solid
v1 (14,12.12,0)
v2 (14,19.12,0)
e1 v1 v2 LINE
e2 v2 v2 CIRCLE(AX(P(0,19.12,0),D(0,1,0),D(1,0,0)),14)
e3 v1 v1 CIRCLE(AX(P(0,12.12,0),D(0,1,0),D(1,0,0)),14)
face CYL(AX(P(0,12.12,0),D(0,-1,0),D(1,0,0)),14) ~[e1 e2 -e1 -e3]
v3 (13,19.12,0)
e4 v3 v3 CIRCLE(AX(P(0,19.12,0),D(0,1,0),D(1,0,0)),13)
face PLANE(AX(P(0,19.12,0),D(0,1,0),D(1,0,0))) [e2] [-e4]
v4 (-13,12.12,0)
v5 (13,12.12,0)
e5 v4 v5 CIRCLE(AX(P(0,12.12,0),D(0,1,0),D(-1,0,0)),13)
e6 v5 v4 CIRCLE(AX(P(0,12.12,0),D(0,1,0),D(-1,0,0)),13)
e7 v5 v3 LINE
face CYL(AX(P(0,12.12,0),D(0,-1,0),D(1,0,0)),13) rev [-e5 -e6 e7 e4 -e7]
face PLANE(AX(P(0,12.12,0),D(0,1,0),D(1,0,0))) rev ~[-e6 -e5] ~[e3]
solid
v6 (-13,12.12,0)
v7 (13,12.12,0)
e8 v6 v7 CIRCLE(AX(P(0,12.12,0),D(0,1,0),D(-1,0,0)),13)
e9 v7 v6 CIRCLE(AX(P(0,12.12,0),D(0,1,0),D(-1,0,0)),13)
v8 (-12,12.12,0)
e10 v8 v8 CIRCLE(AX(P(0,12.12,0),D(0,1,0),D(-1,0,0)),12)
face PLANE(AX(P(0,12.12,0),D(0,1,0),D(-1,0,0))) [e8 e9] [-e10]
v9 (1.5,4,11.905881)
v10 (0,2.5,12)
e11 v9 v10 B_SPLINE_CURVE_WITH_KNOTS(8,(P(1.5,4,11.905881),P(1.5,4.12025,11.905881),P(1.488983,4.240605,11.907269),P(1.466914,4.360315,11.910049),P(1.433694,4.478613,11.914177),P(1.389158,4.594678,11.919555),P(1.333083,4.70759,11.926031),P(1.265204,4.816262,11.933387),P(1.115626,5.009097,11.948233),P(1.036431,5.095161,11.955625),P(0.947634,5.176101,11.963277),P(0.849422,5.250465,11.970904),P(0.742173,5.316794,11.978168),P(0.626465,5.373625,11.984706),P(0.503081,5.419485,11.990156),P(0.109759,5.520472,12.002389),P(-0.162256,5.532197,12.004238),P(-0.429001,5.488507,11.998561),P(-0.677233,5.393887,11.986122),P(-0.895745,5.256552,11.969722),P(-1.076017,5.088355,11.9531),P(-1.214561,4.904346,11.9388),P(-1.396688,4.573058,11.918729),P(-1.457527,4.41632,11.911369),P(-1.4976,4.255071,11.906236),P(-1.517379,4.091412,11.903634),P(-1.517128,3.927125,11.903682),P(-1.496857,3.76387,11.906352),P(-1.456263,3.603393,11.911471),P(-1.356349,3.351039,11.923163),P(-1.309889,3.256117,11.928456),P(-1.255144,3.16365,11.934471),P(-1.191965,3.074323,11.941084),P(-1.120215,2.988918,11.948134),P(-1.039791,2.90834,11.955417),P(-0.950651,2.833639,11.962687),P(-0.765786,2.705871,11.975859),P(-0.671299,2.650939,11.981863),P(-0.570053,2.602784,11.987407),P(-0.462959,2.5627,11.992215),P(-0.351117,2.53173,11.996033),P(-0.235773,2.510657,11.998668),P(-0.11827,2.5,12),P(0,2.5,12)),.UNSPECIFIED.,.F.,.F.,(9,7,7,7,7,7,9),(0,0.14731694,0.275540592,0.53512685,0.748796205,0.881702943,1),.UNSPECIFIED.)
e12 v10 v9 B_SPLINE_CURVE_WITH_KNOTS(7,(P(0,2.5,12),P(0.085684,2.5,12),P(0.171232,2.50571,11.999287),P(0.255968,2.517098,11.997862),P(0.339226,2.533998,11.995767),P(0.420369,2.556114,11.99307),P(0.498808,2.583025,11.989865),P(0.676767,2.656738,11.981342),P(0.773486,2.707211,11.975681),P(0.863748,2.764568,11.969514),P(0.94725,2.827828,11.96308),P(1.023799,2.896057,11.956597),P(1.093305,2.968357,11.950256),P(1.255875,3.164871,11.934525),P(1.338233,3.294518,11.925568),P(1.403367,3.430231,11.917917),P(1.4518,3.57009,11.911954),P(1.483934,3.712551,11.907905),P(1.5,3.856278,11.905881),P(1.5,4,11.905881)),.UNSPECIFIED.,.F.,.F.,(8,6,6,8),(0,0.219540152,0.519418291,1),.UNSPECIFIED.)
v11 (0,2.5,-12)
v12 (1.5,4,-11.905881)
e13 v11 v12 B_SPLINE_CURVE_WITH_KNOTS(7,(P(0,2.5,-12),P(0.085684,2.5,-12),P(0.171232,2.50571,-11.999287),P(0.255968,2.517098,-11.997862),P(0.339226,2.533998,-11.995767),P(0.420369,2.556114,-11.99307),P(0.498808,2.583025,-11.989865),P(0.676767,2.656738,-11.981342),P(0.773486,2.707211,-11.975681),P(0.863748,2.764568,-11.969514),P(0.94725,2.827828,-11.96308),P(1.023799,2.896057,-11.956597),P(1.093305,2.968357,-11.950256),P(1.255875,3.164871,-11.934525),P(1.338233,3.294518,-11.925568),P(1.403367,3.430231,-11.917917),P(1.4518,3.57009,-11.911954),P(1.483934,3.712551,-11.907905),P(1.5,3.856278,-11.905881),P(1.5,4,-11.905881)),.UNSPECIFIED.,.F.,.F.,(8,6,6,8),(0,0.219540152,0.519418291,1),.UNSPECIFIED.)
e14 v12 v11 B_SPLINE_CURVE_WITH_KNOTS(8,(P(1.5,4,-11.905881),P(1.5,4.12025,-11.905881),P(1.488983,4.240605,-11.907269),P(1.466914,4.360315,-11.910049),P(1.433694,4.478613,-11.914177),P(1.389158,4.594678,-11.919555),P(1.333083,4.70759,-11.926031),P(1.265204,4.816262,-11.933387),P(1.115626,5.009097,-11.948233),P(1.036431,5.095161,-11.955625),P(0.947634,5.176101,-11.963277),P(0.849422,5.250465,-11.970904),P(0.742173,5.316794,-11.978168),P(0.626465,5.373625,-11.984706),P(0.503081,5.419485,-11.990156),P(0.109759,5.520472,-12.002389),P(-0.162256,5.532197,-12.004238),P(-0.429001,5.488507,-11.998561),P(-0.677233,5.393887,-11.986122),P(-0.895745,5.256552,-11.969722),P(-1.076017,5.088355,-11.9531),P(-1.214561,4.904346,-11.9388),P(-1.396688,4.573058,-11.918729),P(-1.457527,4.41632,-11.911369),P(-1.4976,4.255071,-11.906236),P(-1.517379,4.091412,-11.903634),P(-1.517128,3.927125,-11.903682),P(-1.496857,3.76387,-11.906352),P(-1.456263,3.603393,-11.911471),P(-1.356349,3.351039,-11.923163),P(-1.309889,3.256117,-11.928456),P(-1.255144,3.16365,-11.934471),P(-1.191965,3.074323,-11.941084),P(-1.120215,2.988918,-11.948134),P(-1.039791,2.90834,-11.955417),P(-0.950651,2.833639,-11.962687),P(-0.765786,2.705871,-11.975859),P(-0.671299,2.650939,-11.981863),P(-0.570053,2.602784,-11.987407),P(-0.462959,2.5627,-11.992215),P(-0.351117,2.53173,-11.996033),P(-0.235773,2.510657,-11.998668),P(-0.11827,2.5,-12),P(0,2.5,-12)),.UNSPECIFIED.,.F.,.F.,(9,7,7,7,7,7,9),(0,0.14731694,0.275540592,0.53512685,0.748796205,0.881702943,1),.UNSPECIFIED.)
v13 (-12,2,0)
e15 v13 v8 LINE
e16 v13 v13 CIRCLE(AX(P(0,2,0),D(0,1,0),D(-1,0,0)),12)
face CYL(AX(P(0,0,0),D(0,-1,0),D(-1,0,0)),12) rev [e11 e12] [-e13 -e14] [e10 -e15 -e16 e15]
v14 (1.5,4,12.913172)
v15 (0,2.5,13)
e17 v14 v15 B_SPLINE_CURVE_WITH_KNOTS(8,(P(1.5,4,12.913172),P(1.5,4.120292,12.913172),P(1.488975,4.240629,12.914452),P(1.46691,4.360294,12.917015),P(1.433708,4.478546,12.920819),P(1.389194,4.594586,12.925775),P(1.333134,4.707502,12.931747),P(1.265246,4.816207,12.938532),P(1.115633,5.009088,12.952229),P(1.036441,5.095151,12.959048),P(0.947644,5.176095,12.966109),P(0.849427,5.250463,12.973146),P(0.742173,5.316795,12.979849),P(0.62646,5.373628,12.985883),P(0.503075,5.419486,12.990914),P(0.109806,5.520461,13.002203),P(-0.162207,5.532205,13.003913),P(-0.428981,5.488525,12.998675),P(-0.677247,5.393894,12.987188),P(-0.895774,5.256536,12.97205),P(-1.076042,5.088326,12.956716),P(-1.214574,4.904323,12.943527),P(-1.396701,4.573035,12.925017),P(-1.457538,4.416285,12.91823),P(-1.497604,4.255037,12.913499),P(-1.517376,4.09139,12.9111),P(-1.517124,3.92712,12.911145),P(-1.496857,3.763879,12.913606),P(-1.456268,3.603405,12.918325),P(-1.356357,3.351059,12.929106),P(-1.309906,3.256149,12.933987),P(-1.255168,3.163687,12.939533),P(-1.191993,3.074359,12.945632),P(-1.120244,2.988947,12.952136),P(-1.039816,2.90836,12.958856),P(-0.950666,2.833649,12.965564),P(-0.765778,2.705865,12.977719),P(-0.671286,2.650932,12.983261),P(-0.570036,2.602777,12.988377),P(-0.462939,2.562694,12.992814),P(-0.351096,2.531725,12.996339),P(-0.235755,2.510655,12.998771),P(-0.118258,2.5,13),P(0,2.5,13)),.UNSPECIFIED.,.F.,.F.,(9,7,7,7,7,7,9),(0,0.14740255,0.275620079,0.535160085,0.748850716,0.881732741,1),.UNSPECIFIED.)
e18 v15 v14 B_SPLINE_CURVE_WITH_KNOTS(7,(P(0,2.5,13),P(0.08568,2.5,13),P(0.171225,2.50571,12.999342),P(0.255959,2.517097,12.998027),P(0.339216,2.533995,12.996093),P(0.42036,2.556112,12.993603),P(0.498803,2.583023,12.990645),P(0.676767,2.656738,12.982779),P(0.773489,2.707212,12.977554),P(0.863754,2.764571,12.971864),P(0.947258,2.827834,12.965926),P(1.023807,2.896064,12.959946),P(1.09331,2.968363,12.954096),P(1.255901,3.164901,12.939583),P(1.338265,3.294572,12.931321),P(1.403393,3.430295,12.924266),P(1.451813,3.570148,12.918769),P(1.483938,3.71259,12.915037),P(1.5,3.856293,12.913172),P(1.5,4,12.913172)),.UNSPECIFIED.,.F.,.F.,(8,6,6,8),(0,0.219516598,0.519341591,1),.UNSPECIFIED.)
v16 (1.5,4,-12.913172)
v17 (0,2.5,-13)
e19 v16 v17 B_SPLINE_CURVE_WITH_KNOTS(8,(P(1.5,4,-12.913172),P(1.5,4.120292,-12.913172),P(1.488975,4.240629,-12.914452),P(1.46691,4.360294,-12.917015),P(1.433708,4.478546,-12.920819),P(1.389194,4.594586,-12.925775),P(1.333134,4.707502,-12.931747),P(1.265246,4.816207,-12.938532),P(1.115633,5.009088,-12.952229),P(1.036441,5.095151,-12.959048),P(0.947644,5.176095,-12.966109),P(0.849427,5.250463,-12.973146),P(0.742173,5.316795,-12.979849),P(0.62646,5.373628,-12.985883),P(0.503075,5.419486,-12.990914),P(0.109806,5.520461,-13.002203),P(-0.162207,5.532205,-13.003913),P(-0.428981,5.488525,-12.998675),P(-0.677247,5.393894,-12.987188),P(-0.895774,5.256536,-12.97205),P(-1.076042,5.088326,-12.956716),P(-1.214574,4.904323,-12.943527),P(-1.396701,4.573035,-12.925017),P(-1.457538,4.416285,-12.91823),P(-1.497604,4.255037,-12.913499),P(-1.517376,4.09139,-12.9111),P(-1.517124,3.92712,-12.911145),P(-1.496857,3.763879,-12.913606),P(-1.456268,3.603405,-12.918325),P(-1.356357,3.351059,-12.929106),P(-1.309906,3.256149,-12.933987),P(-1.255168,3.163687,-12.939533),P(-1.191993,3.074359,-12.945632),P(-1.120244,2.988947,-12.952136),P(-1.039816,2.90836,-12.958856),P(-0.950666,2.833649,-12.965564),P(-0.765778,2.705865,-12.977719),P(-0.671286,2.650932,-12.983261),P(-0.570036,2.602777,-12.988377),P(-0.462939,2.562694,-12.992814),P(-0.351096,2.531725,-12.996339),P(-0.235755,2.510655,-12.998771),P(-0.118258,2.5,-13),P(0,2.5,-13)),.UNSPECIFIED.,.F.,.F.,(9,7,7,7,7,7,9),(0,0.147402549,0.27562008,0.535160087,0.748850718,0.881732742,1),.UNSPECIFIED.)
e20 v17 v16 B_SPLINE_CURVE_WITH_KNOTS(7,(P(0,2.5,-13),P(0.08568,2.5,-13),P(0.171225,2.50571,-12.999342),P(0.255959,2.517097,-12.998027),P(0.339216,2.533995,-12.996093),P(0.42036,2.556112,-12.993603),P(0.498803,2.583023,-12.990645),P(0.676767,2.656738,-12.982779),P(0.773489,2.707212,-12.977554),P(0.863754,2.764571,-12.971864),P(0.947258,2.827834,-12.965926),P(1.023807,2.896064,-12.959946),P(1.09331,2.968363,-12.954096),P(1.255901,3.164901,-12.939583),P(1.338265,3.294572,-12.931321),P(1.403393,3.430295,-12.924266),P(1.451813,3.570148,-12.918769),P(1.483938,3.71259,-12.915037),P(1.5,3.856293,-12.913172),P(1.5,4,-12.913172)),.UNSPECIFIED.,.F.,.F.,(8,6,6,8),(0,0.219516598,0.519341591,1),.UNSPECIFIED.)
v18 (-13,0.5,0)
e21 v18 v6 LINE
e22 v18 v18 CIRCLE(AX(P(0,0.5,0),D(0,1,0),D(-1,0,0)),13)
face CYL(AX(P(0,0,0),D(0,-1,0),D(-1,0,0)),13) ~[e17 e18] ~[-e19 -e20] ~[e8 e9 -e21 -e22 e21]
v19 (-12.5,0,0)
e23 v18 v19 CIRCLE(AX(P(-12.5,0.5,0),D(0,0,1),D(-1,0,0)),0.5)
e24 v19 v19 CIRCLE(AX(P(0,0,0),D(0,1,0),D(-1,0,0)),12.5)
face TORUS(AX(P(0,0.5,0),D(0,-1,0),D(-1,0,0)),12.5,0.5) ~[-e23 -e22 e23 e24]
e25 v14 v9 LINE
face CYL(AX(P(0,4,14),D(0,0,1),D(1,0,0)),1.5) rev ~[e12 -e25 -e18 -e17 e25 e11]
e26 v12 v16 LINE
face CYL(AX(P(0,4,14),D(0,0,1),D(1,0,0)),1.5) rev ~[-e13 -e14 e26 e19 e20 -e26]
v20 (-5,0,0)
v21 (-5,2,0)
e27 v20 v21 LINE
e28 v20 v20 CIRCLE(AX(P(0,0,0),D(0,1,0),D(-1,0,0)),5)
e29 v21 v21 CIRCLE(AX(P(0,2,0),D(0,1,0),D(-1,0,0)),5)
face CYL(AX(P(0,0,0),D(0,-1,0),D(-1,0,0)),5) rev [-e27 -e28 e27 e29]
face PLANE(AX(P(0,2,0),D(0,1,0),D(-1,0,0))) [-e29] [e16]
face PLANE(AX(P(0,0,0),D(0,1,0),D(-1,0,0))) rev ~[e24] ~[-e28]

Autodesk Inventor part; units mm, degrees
ref_plane "YZ Plane" through (0, 0, 0) normal (1, 0, 0) x (0, 1, 0)
ref_plane "XZ Plane" through (0, 0, 0) normal (0, 1, 0) x (-1, 0, 0)
sketch "Sketch1" plane through (0, 0, 0) normal (0, 1, 0) x (-1, 0, 0)
  circle A0 centre (0, 0) radius 13
  circle A1 centre (0, 0) radius 12
  circle A2 centre (0, 0) radius 5
  dimension "d0" = 26
  dimension "d1" = 24
  dimension "d2" = 10
extrude "Extrusion1" add sketch "Sketch1" along normal blind 2 contours A1
extrude "Extrusion3" add sketch "Sketch1" along normal blind 12.12 contours A0
sketch "Sketch2" plane through (0, 12.12, 0) normal (0, 1, 0) x (1, 0, 0)
  circle A0 centre (0, 0) radius 14
  circle A1 centre (0, 0) radius 13
  dimension "d9" = 28
  dimension "d10" = 26
extrude "Extrusion4" add sketch "Sketch2" along normal blind 7
fillet "Fillet1" radius 0.5 1 edges at (13, 0, 0)
ref_plane "Work Plane1" through (0, 0, 14) normal (0, 0, 1) x (1, 0, 0)
sketch "Sketch3" plane through (0, 0, 14) normal (0, 0, 1) x (1, 0, 0)
  line L0 (0, 0) -> (0, 4)
  circle A0 centre (0, 4) radius 1.5
  dimension "d15" = 4
  dimension "d16" = 3
extrude "Extrusion5" cut sketch "Sketch3" against normal through all
properties part number "base_single" material "Brass, Soft Yellow, Welded"
